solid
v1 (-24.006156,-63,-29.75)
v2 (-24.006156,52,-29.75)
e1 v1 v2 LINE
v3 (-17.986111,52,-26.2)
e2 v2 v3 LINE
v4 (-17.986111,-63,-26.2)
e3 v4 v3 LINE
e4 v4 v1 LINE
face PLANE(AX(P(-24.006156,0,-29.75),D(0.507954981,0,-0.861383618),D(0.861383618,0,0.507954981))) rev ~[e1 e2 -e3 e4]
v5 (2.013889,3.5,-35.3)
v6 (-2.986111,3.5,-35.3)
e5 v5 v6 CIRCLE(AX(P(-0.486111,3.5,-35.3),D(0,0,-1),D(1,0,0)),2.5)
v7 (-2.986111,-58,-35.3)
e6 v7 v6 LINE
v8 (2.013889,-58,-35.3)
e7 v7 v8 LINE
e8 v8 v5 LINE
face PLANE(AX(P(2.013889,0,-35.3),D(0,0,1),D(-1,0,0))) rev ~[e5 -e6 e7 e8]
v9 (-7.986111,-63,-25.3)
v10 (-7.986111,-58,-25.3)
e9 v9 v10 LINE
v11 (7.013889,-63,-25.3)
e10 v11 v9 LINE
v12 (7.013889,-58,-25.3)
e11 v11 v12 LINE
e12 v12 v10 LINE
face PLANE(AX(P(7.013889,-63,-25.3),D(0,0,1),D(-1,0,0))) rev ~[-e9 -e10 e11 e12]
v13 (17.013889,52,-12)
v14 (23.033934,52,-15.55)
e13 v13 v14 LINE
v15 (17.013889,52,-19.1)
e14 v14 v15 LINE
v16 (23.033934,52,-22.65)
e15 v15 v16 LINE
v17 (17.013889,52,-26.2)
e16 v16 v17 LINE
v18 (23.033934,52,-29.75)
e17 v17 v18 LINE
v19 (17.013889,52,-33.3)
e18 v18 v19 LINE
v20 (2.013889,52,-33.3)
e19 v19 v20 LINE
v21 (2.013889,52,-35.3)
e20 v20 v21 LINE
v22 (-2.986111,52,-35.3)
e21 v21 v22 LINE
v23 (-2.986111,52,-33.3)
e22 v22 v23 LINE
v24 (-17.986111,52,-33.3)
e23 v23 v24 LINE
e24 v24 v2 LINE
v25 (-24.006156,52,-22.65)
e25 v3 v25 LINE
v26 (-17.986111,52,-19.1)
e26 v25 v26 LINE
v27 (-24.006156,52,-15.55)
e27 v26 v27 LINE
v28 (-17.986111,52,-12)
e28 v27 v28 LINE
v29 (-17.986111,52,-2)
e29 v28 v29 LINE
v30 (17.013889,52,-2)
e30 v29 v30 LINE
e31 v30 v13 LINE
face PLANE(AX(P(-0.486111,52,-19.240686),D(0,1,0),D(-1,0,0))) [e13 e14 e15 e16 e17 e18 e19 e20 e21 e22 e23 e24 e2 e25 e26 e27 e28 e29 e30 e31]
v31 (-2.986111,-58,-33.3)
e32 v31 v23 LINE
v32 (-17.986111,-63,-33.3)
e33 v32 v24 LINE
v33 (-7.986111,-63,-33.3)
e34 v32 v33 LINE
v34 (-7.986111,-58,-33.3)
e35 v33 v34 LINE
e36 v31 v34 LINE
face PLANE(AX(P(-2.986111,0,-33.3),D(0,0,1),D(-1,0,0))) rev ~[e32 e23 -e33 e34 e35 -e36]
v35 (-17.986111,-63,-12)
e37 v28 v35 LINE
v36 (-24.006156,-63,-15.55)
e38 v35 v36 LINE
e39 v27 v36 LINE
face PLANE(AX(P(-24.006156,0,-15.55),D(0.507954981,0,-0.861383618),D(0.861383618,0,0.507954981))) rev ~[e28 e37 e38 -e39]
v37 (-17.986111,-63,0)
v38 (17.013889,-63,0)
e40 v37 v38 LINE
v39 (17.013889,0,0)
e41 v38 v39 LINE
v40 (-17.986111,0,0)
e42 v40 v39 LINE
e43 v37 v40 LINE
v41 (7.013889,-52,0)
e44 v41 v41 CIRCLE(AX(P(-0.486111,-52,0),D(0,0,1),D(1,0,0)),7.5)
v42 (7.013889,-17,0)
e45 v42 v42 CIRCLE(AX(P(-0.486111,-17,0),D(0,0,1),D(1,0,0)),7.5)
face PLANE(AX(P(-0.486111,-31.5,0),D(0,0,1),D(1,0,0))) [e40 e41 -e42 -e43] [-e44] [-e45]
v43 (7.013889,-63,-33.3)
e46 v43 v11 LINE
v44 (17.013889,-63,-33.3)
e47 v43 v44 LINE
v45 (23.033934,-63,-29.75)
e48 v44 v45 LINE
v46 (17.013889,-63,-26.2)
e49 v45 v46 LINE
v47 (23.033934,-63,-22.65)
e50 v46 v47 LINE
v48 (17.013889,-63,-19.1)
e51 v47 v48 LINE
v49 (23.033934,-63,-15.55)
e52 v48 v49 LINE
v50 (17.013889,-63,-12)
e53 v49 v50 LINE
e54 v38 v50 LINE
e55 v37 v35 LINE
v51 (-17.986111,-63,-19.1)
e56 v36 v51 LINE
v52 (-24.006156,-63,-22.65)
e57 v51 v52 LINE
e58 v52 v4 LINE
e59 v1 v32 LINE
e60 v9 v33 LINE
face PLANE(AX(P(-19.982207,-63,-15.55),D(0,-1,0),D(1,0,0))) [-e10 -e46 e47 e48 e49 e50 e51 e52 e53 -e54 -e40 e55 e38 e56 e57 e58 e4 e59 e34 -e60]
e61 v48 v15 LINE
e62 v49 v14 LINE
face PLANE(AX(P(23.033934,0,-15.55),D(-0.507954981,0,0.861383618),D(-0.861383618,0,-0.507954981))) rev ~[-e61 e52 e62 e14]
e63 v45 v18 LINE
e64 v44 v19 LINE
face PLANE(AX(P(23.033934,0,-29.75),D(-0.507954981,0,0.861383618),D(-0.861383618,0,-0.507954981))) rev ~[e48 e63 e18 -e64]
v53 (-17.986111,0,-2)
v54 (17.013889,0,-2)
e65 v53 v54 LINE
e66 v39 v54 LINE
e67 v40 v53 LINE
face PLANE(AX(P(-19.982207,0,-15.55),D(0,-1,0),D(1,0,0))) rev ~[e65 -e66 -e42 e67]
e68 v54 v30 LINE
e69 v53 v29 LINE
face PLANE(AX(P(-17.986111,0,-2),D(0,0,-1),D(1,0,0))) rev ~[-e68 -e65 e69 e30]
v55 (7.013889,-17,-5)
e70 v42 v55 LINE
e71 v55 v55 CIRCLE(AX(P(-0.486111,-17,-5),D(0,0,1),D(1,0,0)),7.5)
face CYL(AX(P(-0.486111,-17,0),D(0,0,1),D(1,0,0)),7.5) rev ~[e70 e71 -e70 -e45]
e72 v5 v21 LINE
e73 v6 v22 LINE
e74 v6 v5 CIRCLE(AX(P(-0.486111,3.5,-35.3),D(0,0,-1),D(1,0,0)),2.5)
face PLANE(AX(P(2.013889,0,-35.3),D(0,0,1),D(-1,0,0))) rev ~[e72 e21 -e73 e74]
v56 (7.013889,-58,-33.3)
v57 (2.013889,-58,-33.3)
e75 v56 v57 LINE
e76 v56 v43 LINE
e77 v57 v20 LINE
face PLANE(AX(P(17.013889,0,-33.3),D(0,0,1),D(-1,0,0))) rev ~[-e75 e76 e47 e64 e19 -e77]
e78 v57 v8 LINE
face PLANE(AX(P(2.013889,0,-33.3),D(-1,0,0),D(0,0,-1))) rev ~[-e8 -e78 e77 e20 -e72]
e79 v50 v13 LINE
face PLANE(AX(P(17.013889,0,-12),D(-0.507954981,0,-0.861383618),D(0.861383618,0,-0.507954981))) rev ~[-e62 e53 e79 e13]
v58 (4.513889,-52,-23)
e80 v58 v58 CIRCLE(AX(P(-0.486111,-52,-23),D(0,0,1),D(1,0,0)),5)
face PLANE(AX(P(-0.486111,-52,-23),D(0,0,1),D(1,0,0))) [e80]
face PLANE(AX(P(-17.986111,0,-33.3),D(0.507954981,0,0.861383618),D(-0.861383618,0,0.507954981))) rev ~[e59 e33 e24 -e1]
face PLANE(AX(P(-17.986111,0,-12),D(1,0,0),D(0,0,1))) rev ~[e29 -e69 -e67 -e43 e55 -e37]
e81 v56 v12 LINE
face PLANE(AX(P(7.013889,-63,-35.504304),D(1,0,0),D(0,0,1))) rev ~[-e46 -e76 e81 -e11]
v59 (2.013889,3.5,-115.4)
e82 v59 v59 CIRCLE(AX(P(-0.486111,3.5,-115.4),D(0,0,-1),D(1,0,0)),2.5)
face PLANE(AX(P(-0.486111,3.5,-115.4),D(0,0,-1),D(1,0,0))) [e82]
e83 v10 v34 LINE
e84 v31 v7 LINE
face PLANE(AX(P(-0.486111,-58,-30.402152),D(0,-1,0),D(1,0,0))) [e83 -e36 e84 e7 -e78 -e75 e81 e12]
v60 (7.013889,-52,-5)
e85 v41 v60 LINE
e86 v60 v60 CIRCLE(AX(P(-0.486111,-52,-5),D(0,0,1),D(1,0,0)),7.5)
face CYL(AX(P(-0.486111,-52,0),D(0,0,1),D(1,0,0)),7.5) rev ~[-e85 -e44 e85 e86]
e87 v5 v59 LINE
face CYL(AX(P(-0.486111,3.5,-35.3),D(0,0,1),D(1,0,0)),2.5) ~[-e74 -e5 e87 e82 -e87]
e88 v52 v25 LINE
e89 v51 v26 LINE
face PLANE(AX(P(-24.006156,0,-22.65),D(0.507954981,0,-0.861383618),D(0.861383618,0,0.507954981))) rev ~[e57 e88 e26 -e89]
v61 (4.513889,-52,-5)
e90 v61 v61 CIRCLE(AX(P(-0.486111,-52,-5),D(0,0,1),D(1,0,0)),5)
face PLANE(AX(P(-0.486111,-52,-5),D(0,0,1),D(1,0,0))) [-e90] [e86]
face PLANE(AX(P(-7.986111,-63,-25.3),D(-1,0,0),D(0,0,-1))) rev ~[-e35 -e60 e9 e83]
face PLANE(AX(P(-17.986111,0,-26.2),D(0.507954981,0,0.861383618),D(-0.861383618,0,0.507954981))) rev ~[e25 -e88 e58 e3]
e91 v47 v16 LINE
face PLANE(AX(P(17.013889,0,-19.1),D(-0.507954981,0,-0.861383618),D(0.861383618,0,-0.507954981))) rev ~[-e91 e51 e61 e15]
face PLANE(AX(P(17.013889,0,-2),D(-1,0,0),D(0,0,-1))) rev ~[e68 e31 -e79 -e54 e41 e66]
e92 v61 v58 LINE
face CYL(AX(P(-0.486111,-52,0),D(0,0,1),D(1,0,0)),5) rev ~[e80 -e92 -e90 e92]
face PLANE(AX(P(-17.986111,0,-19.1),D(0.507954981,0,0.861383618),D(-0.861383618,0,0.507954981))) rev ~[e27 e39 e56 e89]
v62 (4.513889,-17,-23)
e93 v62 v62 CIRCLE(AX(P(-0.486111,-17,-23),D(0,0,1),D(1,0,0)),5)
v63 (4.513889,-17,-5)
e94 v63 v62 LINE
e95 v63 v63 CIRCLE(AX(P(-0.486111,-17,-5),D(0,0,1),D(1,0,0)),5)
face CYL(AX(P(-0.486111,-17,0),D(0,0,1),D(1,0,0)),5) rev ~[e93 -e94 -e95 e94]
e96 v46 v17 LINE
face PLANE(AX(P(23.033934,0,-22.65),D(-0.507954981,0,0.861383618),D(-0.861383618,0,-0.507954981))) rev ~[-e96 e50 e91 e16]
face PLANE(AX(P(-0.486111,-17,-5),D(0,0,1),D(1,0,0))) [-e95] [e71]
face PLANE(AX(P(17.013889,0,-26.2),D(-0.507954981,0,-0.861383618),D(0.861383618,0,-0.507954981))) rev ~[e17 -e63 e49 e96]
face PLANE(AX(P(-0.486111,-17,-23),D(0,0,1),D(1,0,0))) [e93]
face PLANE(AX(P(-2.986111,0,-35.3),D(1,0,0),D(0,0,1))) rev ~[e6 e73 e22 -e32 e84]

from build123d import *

# Parameters (mm, degrees)
F0_W      = 35
F0_H      = 63
F1_DEPTH  = 35.3
F2_W      = 15
F2_H      = 2
F3_DEPTH  = 63.001
F4_DEPTH  = 63
F5_R      = 5
F6_DEPTH  = 23
F5_R_2    = 7.5
F7_DEPTH  = 5
F9_DEPTH  = 5
F11_DEPTH = 52
F12_R     = 2.5
F13_DEPTH = 80.1


with BuildPart() as f1:
    # F0 (on Top) → F1 (new body)
    with BuildSketch(Plane.XY):
        with Locations((-0.486111, -31.5)):
            Rectangle(F0_W, F0_H)
    extrude(amount=-F1_DEPTH)

    # F2 (on face) → F3 (cut, through all)
    with BuildSketch(Plane.XZ.offset(63)):
        with Locations((9.513889, -34.3)):
            Rectangle(F2_W, F2_H)
        with Locations((-10.486111, -34.3)):
            Rectangle(F2_W, F2_H)
    extrude(amount=-F3_DEPTH, mode=Mode.SUBTRACT)

    # F2 (on face) → F4 (join)
    with BuildSketch(Plane.XZ.offset(63)):
        Polygon((-17.986111, -19.1), (-17.986111, -12), (-24.006156, -15.55), align=None)
        Polygon((-17.986111, -26.2), (-17.986111, -19.1), (-24.006156, -22.65), align=None)
        Polygon((-17.986111, -33.3), (-17.986111, -26.2), (-24.006156, -29.75), align=None)
        Polygon((23.033934, -29.75), (17.013889, -26.2), (17.013889, -33.3), align=None)
        Polygon((23.033934, -15.55), (17.013889, -12), (17.013889, -19.1), align=None)
        Polygon((23.033934, -22.65), (17.013889, -19.1), (17.013889, -26.2), align=None)
    extrude(amount=-F4_DEPTH)

    # F5 (on face) → F6 (cut)
    with BuildSketch(Plane.XY):
        with Locations((-0.486111, -17)):
            Circle(F5_R)
        with Locations((-0.486111, -52)):
            Circle(F5_R)
    extrude(amount=-F6_DEPTH, mode=Mode.SUBTRACT)

    # F5 (on face) → F7 (cut)
    with BuildSketch(Plane.XY):
        with Locations((-0.486111, -17)):
            Circle(F5_R_2)
        with Locations((-0.486111, -17)):
            Circle(F5_R, mode=Mode.SUBTRACT)
        with Locations((-0.486111, -52)):
            Circle(F5_R_2)
        with Locations((-0.486111, -52)):
            Circle(F5_R, mode=Mode.SUBTRACT)
    extrude(amount=-F7_DEPTH, mode=Mode.SUBTRACT)

    # F8 (on face) → F9 (cut)
    with BuildSketch(Plane.XZ.offset(63)):
        Polygon((-0.486111, -25.3), (-7.986111, -25.3), (-7.986111, -35.504304), (7.013889, -35.504304), (7.013889, -25.3), align=None)
    extrude(amount=-F9_DEPTH, mode=Mode.SUBTRACT)

    # F10 (on face) → F11 (join)
    with BuildSketch(Plane(origin=(0, 0, 0), x_dir=(-1, 0, 0), z_dir=(0, 1, 0))):
        Polygon((17.986111, -2), (-17.013889, -2), (-17.013889, -12), (-23.033934, -15.55), (-17.013889, -19.1), (-23.033934, -22.65), (-17.013889, -26.2), (-23.033934, -29.75), (-17.013889, -33.3), (-2.013889, -33.3), (-2.013889, -35.3), (2.986111, -35.3), (2.986111, -33.3), (17.986111, -33.3), (24.006156, -29.75), (17.986111, -26.2), (24.006156, -22.65), (17.986111, -19.1), (24.006156, -15.55), (17.986111, -12), align=None)
    extrude(amount=F11_DEPTH)

    # F12 (on face) → F13 (join)
    with BuildSketch(Plane(origin=(0, 0, -35.3), x_dir=(1, 0, 0), z_dir=(0, 0, -1))):
        with Locations((-0.486111, -3.5)):
            Circle(F12_R)
    extrude(amount=F13_DEPTH)


solid = f1.part
